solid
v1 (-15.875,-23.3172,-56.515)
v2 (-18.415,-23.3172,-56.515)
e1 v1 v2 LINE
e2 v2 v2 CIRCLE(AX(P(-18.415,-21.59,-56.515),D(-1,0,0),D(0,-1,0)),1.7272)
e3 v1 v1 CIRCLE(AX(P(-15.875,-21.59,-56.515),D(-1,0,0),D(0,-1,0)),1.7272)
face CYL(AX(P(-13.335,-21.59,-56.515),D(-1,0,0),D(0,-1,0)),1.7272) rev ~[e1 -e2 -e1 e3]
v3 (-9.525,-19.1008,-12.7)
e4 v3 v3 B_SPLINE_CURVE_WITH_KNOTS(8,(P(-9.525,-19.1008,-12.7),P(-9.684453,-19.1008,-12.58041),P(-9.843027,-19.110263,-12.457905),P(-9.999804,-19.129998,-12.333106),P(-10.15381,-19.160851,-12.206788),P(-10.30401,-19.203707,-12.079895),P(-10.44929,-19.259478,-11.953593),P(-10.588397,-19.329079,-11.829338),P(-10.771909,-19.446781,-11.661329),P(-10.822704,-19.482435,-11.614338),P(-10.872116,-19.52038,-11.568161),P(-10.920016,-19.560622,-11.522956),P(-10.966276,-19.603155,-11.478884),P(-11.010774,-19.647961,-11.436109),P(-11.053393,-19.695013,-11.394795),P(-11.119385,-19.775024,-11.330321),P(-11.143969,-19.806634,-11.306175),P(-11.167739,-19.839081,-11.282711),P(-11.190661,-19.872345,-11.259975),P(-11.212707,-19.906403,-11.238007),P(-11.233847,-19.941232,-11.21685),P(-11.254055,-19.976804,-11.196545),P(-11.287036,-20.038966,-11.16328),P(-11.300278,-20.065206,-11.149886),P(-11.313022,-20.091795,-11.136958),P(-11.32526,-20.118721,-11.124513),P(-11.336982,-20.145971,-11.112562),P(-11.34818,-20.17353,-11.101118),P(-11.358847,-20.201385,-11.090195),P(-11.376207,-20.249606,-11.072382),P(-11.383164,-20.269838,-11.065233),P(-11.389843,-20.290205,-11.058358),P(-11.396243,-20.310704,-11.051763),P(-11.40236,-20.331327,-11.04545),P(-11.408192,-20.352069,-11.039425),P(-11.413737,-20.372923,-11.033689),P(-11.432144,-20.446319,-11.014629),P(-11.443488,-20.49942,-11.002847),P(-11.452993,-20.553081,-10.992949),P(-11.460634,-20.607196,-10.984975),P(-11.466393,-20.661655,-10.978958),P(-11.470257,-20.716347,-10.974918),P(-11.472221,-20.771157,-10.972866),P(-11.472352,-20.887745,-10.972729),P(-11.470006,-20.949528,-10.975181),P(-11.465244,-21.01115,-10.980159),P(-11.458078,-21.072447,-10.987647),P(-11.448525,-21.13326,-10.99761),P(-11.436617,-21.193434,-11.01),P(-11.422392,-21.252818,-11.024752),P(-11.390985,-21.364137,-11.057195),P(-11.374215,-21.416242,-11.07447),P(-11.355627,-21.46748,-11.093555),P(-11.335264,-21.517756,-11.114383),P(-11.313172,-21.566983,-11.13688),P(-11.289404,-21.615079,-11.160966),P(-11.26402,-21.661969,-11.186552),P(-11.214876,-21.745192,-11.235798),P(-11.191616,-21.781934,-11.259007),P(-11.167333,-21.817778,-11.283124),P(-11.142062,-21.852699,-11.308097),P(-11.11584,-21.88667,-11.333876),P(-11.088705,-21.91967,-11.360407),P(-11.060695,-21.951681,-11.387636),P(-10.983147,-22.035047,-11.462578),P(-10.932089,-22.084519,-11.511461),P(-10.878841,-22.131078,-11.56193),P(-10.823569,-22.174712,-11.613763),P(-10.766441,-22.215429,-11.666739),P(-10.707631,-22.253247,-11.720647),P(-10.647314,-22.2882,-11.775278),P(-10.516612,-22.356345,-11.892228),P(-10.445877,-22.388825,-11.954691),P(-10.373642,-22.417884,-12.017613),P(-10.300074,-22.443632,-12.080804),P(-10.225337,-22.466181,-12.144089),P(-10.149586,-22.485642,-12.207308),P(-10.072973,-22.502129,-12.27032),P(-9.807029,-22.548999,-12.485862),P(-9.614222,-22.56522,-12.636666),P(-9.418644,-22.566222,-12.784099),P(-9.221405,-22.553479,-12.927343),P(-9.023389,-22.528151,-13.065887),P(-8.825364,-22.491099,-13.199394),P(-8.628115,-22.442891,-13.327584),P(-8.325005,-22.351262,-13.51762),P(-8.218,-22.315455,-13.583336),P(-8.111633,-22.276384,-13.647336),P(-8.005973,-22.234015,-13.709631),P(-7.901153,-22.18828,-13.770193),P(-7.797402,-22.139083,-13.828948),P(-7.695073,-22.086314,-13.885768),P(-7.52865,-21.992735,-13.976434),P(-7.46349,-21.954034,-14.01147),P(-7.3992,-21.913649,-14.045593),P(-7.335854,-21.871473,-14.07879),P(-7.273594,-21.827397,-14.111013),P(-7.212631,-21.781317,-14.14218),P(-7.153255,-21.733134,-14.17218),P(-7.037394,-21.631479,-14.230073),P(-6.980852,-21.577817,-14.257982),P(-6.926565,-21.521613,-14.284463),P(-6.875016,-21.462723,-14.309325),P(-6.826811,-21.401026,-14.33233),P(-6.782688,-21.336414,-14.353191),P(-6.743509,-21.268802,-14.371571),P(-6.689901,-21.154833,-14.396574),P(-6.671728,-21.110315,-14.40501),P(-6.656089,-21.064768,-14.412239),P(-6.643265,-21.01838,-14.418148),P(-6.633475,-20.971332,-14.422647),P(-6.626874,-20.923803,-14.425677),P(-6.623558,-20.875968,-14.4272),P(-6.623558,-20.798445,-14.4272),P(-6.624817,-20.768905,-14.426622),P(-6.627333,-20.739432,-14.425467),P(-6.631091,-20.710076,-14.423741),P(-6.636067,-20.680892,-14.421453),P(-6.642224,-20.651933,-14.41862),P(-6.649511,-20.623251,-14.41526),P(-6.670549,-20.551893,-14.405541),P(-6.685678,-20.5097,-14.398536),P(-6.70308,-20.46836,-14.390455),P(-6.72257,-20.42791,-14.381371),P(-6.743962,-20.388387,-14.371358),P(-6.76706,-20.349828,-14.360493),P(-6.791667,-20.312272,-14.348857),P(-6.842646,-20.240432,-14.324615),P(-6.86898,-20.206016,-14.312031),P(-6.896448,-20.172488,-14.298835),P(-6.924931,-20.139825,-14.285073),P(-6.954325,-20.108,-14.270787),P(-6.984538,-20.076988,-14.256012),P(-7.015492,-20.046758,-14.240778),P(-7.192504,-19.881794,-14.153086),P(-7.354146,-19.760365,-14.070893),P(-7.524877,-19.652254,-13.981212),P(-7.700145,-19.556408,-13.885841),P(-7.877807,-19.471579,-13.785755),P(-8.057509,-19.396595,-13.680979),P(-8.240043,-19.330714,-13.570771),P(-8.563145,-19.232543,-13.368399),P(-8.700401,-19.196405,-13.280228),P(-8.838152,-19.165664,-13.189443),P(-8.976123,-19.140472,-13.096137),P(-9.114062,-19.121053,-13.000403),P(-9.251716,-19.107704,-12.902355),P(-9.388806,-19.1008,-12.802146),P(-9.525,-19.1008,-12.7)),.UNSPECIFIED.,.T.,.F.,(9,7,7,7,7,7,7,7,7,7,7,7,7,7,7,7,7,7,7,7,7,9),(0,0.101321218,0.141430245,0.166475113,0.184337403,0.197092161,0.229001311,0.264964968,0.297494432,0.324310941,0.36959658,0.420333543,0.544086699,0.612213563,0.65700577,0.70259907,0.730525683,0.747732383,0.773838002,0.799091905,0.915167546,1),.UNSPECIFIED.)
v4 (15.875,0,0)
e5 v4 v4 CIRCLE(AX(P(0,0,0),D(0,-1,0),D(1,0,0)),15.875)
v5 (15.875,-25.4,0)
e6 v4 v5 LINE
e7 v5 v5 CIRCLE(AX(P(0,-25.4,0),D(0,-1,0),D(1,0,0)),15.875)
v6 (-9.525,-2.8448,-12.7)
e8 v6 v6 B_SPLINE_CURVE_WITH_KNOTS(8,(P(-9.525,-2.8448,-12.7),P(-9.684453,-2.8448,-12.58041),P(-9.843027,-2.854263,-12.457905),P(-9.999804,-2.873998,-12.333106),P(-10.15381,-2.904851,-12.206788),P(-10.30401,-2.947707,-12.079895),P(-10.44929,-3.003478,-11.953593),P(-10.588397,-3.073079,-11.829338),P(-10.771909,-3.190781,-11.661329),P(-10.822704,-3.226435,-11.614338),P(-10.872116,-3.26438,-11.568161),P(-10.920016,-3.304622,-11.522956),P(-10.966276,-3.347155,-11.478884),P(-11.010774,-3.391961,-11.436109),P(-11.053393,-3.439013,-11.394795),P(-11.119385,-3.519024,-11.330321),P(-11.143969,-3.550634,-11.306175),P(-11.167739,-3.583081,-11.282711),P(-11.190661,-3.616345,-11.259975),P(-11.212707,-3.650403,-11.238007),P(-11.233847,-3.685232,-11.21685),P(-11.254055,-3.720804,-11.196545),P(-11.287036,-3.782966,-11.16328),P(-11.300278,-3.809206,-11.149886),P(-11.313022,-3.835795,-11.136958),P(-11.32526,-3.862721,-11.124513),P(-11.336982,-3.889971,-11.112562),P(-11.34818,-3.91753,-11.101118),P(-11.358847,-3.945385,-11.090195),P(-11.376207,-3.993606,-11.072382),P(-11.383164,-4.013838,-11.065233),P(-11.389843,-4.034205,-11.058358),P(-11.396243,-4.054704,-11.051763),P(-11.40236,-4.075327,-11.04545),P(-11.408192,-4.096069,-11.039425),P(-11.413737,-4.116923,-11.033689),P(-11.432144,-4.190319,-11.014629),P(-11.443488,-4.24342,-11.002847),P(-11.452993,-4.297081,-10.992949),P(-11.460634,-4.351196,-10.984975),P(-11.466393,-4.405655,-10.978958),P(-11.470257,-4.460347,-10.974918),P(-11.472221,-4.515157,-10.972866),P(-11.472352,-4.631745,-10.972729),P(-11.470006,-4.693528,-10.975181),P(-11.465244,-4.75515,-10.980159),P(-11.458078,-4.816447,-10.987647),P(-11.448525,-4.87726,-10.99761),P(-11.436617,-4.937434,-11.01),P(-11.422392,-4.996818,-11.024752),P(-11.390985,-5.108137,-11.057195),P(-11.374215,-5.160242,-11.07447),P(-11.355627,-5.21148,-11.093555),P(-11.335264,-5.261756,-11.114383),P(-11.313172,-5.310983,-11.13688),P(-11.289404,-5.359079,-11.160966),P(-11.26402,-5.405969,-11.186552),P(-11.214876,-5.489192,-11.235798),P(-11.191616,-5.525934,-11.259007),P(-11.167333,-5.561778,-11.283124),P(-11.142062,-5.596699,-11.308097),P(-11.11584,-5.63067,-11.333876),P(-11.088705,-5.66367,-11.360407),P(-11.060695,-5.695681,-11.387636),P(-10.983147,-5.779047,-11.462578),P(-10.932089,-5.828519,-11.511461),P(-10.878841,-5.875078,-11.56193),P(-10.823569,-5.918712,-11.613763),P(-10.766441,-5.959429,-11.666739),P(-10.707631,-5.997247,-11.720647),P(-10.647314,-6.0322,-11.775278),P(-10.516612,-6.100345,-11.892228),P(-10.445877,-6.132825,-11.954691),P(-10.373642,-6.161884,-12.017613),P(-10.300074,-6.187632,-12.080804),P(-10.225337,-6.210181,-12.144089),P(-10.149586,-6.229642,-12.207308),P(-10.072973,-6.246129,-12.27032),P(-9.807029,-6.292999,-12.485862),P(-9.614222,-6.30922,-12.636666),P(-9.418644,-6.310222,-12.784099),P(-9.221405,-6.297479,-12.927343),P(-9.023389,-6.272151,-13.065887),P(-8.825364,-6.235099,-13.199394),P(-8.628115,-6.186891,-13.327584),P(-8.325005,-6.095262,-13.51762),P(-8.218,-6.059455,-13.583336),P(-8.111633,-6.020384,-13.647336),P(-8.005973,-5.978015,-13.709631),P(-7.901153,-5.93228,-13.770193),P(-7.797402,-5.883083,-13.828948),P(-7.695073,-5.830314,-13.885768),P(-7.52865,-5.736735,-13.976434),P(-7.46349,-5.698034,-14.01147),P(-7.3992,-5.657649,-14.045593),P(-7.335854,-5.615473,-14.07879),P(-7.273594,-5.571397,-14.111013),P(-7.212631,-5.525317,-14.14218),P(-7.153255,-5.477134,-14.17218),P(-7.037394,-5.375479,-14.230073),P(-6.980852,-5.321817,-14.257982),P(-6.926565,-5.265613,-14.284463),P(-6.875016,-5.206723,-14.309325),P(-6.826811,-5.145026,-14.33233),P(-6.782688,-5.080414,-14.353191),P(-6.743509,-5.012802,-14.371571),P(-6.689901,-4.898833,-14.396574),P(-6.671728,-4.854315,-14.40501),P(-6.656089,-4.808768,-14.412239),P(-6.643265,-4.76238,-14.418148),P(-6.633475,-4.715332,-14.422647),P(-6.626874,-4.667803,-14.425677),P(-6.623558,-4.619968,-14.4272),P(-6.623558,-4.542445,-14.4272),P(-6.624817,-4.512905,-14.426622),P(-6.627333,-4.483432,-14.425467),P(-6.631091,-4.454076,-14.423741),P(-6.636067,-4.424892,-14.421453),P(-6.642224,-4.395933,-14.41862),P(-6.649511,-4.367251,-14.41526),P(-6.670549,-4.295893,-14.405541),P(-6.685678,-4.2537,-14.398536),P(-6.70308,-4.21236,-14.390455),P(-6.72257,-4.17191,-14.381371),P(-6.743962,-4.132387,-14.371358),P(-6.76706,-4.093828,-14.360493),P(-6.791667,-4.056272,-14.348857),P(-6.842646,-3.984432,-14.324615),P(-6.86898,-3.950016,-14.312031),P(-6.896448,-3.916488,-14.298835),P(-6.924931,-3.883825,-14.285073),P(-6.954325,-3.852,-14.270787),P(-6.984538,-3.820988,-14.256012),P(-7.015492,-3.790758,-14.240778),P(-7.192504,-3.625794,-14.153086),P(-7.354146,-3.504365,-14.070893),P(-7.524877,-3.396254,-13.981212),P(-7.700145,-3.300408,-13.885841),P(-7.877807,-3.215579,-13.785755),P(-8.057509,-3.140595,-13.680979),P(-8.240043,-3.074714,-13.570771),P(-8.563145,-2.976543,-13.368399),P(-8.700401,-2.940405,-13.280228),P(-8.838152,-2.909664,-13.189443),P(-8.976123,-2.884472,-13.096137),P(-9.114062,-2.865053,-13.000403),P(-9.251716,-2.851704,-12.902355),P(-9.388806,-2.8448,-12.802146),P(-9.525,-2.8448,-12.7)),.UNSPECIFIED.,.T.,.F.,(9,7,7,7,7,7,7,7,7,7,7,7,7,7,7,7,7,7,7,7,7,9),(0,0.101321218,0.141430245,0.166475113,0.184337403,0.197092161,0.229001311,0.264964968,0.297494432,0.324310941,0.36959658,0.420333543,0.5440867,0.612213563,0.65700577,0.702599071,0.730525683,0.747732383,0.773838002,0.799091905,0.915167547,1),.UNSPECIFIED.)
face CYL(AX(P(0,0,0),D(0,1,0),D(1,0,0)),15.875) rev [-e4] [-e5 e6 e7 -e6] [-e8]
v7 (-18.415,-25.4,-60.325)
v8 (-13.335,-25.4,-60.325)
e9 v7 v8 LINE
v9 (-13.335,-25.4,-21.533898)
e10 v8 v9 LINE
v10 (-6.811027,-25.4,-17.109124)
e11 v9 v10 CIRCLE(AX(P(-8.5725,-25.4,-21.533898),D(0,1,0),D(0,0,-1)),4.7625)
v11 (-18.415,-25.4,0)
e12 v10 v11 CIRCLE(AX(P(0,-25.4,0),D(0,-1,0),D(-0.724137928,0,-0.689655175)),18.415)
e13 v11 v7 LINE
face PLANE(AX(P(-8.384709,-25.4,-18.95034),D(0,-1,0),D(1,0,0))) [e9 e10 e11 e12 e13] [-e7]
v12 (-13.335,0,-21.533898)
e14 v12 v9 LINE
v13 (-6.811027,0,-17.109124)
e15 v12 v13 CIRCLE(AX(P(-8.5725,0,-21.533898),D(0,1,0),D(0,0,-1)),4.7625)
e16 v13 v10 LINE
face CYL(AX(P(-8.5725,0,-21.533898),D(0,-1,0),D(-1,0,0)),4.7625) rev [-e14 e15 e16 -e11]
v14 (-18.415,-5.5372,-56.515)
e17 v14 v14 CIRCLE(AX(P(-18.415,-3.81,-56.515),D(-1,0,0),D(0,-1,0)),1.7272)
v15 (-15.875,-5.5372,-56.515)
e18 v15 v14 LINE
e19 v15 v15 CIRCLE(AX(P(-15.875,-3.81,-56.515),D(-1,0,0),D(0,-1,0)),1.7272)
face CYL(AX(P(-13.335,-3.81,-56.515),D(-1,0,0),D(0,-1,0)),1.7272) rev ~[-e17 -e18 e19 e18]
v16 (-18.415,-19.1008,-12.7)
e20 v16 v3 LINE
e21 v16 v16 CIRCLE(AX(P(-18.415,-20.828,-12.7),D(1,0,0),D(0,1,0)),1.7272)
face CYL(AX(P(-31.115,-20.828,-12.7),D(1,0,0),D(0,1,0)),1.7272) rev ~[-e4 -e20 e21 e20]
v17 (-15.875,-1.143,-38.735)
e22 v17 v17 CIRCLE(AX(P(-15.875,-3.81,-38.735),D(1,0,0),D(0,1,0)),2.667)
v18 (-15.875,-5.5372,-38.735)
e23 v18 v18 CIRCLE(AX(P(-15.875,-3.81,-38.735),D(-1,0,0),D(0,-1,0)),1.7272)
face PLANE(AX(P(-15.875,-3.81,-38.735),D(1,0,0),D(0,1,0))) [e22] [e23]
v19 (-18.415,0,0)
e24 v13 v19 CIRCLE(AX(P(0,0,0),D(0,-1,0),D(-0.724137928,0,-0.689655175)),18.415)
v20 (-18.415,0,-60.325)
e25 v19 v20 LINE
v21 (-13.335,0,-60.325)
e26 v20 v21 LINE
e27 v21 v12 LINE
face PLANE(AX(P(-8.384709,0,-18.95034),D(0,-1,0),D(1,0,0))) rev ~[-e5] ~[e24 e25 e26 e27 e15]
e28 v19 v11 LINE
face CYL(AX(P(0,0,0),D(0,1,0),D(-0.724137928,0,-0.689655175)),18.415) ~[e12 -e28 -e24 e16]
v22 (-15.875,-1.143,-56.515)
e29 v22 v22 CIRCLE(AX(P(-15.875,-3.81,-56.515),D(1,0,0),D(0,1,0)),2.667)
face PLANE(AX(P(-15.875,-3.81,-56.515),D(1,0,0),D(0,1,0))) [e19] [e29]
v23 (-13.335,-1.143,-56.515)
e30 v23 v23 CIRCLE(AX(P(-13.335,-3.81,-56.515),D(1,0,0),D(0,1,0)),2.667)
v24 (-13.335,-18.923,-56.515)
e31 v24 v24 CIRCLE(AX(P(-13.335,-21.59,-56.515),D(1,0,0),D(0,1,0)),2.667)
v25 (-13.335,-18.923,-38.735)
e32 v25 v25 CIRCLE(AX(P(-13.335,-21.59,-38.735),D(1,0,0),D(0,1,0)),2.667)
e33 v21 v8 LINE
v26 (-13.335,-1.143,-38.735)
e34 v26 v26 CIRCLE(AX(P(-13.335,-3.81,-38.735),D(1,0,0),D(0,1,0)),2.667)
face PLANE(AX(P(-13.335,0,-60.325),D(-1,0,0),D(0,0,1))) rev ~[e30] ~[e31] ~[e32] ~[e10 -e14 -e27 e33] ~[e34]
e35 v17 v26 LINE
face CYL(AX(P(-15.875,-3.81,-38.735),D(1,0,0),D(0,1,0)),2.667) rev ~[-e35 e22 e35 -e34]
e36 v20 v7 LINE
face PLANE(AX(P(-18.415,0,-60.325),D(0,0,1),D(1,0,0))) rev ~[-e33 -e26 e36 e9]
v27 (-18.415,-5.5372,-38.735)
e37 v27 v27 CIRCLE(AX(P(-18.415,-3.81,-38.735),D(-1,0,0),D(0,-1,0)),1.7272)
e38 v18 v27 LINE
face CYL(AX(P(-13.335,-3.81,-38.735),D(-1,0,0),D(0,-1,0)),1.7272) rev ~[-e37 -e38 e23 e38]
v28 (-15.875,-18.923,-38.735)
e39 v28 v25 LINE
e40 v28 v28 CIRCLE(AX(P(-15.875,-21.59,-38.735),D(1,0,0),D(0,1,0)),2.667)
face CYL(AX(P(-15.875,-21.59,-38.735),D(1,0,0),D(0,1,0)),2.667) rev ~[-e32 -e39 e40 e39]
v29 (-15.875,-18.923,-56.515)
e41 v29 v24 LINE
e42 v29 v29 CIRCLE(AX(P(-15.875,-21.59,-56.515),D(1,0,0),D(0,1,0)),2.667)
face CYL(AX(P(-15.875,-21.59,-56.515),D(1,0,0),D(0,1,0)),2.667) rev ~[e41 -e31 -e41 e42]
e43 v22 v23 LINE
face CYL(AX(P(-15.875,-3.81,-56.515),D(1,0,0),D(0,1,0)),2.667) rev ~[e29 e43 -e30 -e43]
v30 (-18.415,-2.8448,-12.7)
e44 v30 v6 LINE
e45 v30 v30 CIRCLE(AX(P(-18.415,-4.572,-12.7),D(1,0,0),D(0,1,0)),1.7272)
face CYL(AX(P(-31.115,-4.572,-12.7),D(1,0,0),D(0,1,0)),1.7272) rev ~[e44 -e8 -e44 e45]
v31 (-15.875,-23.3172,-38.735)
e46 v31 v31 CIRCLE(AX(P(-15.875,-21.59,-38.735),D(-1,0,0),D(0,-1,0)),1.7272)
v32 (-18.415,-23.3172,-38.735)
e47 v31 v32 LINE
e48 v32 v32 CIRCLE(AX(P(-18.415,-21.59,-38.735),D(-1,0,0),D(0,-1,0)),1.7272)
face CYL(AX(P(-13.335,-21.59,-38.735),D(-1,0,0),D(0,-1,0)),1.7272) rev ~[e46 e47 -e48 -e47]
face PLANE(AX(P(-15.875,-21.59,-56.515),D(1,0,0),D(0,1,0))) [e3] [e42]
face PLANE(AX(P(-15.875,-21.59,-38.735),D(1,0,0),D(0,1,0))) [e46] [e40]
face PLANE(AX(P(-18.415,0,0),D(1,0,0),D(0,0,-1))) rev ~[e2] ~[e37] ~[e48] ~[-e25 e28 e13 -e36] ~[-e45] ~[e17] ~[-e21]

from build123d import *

# Parameters (mm, degrees)
F0_R           = 15.875
F1_DEPTH       = 25.4
F2_R           = 4.7625
F4_D           = 3.4544
F4_DEPTH       = 12.7
F6_D           = 3.4544
F6_CBORE_D     = 5.334
F6_CBORE_DEPTH = 2.54


with BuildPart() as f1:
    # F0 (on Front) → F1 (new body)
    with BuildSketch(Plane.XZ):
        with BuildLine():
            Line((-13.335, -60.325), (-13.335, -12.7))
            ThreePointArc((-13.335, -12.7), (17.097898, 6.839159), (-18.415, 0))
            Line((-18.415, 0), (-18.415, -60.325))
            Line((-18.415, -60.325), (-13.335, -60.325))
        make_face()
        Circle(F0_R, mode=Mode.SUBTRACT)
    extrude(amount=F1_DEPTH)

    # F2
    f2_edges = [f1.edges().sort_by_distance(p)[0] for p in [
        (-13.335, -12.7, -12.7),
    ]]
    fillet(f2_edges, radius=F2_R)

    # F4
    with Locations(Plane(origin=(-18.415, 0, 0), x_dir=(0, -1, 0), z_dir=(-1, 0, 0))):
        with Locations((4.572, -12.7), (20.828, -12.7)):
            Hole(F4_D / 2, depth=F4_DEPTH)

    # F6 (through all)
    with Locations(Plane.YZ.offset(-13.335)):
        with Locations((-21.59, -38.735), (-3.81, -38.735), (-21.59, -56.515), (-3.81, -56.515)):
            CounterBoreHole(F6_D / 2, F6_CBORE_D / 2, F6_CBORE_DEPTH)


solid = f1.part
